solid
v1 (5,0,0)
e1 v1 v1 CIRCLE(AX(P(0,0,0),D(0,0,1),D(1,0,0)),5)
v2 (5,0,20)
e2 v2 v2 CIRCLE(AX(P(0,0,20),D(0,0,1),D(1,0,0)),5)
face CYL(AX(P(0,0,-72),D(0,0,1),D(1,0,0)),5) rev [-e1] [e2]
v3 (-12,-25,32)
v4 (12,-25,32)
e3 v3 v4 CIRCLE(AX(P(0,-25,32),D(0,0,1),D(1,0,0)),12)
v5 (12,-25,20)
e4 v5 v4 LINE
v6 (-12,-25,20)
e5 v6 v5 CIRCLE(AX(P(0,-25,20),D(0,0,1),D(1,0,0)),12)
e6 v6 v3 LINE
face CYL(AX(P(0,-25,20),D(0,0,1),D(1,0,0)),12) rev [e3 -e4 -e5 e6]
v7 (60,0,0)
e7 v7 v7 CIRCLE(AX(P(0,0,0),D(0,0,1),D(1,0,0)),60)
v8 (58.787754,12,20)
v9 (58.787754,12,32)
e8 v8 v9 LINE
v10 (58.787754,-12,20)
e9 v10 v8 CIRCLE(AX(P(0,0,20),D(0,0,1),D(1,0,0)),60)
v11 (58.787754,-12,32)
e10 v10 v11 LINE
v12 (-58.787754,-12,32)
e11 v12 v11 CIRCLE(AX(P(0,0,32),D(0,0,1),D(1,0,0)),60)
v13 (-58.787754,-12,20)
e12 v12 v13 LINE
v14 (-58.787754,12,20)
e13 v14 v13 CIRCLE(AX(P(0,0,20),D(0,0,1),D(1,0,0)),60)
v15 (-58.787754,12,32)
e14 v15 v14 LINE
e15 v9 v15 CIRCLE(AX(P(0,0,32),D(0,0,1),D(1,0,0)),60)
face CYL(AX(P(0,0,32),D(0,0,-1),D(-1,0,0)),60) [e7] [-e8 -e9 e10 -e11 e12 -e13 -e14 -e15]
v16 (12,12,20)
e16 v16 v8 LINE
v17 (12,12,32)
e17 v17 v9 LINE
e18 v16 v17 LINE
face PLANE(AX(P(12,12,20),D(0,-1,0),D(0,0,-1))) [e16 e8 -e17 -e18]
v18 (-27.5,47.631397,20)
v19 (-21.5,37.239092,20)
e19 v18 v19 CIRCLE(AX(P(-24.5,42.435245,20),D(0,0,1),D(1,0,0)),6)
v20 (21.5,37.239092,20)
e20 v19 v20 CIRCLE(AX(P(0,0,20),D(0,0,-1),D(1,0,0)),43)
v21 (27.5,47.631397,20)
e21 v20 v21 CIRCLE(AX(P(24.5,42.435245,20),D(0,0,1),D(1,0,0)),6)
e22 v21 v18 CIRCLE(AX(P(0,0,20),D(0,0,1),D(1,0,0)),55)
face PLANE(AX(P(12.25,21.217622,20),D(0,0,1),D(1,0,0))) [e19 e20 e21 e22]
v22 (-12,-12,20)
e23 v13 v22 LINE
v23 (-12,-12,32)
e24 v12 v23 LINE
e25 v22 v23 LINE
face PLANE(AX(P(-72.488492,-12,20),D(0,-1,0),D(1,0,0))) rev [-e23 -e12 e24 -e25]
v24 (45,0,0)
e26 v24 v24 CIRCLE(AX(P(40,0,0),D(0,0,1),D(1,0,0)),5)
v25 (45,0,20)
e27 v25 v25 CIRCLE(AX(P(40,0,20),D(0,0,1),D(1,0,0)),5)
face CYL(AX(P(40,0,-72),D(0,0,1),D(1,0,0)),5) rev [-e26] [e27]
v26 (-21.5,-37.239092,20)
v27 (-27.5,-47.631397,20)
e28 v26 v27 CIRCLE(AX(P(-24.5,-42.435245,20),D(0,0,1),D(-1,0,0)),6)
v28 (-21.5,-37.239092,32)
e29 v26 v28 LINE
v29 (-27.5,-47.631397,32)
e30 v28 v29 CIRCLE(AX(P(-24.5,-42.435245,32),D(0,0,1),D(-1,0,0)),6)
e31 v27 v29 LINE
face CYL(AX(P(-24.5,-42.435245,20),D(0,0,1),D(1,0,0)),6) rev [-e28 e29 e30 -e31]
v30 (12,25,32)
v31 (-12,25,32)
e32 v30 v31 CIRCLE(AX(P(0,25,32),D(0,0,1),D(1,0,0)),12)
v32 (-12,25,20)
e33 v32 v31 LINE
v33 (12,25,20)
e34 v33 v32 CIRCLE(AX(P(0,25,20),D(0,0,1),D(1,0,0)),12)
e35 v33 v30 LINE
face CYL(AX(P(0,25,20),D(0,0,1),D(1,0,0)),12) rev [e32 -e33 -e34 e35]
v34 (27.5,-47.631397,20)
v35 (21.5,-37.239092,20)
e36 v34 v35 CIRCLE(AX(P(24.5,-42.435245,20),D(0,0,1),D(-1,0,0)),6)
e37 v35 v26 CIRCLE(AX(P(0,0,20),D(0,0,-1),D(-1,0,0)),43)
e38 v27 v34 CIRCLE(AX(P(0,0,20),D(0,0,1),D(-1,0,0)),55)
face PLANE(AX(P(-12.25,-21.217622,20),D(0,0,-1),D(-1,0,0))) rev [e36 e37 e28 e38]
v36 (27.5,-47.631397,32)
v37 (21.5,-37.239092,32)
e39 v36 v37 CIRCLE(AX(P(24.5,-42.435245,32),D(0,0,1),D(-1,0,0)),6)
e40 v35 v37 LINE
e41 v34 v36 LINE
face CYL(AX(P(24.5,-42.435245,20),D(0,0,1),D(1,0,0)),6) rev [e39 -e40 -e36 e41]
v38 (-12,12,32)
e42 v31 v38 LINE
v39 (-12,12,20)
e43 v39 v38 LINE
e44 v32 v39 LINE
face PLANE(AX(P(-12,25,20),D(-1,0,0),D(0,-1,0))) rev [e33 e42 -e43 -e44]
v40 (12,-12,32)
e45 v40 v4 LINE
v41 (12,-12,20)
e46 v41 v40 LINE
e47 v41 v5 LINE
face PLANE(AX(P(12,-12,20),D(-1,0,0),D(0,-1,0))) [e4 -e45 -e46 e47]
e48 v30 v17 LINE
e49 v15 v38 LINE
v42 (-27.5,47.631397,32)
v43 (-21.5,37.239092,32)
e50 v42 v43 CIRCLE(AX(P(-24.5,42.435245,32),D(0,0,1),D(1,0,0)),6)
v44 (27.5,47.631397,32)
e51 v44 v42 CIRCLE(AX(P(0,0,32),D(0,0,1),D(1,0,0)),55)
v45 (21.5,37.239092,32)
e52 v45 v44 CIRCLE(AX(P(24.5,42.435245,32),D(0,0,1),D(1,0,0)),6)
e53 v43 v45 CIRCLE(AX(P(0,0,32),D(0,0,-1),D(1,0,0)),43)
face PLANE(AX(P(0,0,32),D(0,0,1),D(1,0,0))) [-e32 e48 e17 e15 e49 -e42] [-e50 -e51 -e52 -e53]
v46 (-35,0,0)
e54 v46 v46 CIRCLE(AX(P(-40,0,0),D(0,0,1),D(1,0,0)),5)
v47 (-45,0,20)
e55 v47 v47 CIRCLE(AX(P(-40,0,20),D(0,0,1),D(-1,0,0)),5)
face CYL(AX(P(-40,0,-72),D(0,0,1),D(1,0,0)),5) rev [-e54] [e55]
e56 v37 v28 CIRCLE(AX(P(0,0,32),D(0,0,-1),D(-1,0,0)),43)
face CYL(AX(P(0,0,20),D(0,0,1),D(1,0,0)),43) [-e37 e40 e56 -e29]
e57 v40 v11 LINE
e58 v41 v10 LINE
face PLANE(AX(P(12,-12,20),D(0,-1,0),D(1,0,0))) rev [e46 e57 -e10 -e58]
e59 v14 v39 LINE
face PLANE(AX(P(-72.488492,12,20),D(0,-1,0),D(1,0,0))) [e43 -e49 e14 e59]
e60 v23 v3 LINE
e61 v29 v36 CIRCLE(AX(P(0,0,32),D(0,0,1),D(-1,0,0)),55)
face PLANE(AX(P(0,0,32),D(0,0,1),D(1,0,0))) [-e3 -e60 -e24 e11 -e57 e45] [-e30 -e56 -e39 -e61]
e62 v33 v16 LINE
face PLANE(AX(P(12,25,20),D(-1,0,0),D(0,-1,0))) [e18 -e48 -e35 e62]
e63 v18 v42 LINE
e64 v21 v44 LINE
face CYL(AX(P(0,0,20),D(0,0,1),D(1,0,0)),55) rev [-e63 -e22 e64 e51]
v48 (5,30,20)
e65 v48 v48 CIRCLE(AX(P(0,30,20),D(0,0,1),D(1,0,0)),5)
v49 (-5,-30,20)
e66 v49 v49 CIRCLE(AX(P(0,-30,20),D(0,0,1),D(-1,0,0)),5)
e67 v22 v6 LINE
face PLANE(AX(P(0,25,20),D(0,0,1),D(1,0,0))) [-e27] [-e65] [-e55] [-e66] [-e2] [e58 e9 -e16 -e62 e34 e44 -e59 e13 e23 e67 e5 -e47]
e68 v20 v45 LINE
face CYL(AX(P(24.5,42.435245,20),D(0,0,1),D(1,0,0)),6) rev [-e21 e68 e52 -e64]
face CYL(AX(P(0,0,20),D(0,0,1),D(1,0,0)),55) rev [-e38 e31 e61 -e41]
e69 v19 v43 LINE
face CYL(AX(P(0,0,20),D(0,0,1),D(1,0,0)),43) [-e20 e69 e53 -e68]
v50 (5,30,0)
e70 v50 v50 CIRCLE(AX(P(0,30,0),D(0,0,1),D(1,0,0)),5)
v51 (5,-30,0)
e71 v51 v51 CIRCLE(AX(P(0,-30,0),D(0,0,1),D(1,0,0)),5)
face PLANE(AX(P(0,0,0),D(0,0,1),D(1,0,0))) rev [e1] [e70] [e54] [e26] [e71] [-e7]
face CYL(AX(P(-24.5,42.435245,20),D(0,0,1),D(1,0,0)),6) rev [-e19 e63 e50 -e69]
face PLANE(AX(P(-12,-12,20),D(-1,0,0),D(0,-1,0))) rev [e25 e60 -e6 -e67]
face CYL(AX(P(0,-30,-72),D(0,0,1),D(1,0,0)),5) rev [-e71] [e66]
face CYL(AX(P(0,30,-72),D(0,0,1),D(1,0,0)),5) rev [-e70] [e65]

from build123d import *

# Parameters (mm, degrees)
SKETCH1_R           = 60
BOSS_EXTRUDE1_DEPTH = 32
CUT_EXTRUDE1_DEPTH  = 12
CUT_EXTRUDE2_DEPTH  = 12
SKETCH4_R           = 5
CUT_EXTRUDE3_DEPTH  = 92


with BuildPart() as part:
    # Sketch1 → Boss-Extrude1 (new body)
    with BuildSketch(Plane.XY):
        Circle(SKETCH1_R)
    extrude(amount=BOSS_EXTRUDE1_DEPTH)

    # Sketch2 → Cut-Extrude1 (cut)
    with BuildSketch(Plane.XY.offset(32)):
        with BuildLine():
            Line((12, -12), (72.488491821, -12))
            Line((72.488491821, -12), (72.488491821, 12))
            Line((72.488491821, 12), (12, 12))
            Line((12, 12), (12, 25))
            ThreePointArc((12, 25), (0, 37), (-12, 25))
            Line((-12, 25), (-12, 12))
            Line((-12, 12), (-72.488491821, 12))
            Line((-72.488491821, 12), (-72.488491821, -12))
            Line((-72.488491821, -12), (-12, -12))
            Line((-12, -12), (-12, -25))
            ThreePointArc((-12, -25), (0, -37), (12, -25))
            Line((12, -25), (12, -12))
        make_face()
    extrude(amount=-CUT_EXTRUDE1_DEPTH, mode=Mode.SUBTRACT)

    # Sketch3 → Cut-Extrude2 (cut)
    with BuildSketch(Plane.XY.offset(32)):
        with BuildLine():
            ThreePointArc((21.5, -37.239092363), (29.696152423, -39.435244785), (27.5, -47.631397208))
            ThreePointArc((27.5, -47.631397208), (0, -55), (-27.5, -47.631397208))
            ThreePointArc((-27.5, -47.631397208), (-29.696152423, -39.435244785), (-21.5, -37.239092363))
            ThreePointArc((-21.5, -37.239092363), (0, -43), (21.5, -37.239092363))
        make_face()
        with BuildLine():
            ThreePointArc((27.5, 47.631397208), (0, 55), (-27.5, 47.631397208))
            ThreePointArc((-27.5, 47.631397208), (-29.696152423, 39.435244785), (-21.5, 37.239092363))
            ThreePointArc((-21.5, 37.239092363), (0, 43), (21.5, 37.239092363))
            ThreePointArc((21.5, 37.239092363), (29.696152423, 39.435244785), (27.5, 47.631397208))
        make_face()
    extrude(amount=-CUT_EXTRUDE2_DEPTH, mode=Mode.SUBTRACT)

    # Sketch4 → Cut-Extrude3 (cut)
    with BuildSketch(Plane.XY.offset(20)):
        Circle(SKETCH4_R)
        with Locations((40, 0)):
            Circle(SKETCH4_R)
        with Locations((0, 30)):
            Circle(SKETCH4_R)
        with Locations((0, -30)):
            Circle(SKETCH4_R)
        with Locations((-40, 0)):
            Circle(SKETCH4_R)
    extrude(amount=-CUT_EXTRUDE3_DEPTH, mode=Mode.SUBTRACT)


solid = part.part
